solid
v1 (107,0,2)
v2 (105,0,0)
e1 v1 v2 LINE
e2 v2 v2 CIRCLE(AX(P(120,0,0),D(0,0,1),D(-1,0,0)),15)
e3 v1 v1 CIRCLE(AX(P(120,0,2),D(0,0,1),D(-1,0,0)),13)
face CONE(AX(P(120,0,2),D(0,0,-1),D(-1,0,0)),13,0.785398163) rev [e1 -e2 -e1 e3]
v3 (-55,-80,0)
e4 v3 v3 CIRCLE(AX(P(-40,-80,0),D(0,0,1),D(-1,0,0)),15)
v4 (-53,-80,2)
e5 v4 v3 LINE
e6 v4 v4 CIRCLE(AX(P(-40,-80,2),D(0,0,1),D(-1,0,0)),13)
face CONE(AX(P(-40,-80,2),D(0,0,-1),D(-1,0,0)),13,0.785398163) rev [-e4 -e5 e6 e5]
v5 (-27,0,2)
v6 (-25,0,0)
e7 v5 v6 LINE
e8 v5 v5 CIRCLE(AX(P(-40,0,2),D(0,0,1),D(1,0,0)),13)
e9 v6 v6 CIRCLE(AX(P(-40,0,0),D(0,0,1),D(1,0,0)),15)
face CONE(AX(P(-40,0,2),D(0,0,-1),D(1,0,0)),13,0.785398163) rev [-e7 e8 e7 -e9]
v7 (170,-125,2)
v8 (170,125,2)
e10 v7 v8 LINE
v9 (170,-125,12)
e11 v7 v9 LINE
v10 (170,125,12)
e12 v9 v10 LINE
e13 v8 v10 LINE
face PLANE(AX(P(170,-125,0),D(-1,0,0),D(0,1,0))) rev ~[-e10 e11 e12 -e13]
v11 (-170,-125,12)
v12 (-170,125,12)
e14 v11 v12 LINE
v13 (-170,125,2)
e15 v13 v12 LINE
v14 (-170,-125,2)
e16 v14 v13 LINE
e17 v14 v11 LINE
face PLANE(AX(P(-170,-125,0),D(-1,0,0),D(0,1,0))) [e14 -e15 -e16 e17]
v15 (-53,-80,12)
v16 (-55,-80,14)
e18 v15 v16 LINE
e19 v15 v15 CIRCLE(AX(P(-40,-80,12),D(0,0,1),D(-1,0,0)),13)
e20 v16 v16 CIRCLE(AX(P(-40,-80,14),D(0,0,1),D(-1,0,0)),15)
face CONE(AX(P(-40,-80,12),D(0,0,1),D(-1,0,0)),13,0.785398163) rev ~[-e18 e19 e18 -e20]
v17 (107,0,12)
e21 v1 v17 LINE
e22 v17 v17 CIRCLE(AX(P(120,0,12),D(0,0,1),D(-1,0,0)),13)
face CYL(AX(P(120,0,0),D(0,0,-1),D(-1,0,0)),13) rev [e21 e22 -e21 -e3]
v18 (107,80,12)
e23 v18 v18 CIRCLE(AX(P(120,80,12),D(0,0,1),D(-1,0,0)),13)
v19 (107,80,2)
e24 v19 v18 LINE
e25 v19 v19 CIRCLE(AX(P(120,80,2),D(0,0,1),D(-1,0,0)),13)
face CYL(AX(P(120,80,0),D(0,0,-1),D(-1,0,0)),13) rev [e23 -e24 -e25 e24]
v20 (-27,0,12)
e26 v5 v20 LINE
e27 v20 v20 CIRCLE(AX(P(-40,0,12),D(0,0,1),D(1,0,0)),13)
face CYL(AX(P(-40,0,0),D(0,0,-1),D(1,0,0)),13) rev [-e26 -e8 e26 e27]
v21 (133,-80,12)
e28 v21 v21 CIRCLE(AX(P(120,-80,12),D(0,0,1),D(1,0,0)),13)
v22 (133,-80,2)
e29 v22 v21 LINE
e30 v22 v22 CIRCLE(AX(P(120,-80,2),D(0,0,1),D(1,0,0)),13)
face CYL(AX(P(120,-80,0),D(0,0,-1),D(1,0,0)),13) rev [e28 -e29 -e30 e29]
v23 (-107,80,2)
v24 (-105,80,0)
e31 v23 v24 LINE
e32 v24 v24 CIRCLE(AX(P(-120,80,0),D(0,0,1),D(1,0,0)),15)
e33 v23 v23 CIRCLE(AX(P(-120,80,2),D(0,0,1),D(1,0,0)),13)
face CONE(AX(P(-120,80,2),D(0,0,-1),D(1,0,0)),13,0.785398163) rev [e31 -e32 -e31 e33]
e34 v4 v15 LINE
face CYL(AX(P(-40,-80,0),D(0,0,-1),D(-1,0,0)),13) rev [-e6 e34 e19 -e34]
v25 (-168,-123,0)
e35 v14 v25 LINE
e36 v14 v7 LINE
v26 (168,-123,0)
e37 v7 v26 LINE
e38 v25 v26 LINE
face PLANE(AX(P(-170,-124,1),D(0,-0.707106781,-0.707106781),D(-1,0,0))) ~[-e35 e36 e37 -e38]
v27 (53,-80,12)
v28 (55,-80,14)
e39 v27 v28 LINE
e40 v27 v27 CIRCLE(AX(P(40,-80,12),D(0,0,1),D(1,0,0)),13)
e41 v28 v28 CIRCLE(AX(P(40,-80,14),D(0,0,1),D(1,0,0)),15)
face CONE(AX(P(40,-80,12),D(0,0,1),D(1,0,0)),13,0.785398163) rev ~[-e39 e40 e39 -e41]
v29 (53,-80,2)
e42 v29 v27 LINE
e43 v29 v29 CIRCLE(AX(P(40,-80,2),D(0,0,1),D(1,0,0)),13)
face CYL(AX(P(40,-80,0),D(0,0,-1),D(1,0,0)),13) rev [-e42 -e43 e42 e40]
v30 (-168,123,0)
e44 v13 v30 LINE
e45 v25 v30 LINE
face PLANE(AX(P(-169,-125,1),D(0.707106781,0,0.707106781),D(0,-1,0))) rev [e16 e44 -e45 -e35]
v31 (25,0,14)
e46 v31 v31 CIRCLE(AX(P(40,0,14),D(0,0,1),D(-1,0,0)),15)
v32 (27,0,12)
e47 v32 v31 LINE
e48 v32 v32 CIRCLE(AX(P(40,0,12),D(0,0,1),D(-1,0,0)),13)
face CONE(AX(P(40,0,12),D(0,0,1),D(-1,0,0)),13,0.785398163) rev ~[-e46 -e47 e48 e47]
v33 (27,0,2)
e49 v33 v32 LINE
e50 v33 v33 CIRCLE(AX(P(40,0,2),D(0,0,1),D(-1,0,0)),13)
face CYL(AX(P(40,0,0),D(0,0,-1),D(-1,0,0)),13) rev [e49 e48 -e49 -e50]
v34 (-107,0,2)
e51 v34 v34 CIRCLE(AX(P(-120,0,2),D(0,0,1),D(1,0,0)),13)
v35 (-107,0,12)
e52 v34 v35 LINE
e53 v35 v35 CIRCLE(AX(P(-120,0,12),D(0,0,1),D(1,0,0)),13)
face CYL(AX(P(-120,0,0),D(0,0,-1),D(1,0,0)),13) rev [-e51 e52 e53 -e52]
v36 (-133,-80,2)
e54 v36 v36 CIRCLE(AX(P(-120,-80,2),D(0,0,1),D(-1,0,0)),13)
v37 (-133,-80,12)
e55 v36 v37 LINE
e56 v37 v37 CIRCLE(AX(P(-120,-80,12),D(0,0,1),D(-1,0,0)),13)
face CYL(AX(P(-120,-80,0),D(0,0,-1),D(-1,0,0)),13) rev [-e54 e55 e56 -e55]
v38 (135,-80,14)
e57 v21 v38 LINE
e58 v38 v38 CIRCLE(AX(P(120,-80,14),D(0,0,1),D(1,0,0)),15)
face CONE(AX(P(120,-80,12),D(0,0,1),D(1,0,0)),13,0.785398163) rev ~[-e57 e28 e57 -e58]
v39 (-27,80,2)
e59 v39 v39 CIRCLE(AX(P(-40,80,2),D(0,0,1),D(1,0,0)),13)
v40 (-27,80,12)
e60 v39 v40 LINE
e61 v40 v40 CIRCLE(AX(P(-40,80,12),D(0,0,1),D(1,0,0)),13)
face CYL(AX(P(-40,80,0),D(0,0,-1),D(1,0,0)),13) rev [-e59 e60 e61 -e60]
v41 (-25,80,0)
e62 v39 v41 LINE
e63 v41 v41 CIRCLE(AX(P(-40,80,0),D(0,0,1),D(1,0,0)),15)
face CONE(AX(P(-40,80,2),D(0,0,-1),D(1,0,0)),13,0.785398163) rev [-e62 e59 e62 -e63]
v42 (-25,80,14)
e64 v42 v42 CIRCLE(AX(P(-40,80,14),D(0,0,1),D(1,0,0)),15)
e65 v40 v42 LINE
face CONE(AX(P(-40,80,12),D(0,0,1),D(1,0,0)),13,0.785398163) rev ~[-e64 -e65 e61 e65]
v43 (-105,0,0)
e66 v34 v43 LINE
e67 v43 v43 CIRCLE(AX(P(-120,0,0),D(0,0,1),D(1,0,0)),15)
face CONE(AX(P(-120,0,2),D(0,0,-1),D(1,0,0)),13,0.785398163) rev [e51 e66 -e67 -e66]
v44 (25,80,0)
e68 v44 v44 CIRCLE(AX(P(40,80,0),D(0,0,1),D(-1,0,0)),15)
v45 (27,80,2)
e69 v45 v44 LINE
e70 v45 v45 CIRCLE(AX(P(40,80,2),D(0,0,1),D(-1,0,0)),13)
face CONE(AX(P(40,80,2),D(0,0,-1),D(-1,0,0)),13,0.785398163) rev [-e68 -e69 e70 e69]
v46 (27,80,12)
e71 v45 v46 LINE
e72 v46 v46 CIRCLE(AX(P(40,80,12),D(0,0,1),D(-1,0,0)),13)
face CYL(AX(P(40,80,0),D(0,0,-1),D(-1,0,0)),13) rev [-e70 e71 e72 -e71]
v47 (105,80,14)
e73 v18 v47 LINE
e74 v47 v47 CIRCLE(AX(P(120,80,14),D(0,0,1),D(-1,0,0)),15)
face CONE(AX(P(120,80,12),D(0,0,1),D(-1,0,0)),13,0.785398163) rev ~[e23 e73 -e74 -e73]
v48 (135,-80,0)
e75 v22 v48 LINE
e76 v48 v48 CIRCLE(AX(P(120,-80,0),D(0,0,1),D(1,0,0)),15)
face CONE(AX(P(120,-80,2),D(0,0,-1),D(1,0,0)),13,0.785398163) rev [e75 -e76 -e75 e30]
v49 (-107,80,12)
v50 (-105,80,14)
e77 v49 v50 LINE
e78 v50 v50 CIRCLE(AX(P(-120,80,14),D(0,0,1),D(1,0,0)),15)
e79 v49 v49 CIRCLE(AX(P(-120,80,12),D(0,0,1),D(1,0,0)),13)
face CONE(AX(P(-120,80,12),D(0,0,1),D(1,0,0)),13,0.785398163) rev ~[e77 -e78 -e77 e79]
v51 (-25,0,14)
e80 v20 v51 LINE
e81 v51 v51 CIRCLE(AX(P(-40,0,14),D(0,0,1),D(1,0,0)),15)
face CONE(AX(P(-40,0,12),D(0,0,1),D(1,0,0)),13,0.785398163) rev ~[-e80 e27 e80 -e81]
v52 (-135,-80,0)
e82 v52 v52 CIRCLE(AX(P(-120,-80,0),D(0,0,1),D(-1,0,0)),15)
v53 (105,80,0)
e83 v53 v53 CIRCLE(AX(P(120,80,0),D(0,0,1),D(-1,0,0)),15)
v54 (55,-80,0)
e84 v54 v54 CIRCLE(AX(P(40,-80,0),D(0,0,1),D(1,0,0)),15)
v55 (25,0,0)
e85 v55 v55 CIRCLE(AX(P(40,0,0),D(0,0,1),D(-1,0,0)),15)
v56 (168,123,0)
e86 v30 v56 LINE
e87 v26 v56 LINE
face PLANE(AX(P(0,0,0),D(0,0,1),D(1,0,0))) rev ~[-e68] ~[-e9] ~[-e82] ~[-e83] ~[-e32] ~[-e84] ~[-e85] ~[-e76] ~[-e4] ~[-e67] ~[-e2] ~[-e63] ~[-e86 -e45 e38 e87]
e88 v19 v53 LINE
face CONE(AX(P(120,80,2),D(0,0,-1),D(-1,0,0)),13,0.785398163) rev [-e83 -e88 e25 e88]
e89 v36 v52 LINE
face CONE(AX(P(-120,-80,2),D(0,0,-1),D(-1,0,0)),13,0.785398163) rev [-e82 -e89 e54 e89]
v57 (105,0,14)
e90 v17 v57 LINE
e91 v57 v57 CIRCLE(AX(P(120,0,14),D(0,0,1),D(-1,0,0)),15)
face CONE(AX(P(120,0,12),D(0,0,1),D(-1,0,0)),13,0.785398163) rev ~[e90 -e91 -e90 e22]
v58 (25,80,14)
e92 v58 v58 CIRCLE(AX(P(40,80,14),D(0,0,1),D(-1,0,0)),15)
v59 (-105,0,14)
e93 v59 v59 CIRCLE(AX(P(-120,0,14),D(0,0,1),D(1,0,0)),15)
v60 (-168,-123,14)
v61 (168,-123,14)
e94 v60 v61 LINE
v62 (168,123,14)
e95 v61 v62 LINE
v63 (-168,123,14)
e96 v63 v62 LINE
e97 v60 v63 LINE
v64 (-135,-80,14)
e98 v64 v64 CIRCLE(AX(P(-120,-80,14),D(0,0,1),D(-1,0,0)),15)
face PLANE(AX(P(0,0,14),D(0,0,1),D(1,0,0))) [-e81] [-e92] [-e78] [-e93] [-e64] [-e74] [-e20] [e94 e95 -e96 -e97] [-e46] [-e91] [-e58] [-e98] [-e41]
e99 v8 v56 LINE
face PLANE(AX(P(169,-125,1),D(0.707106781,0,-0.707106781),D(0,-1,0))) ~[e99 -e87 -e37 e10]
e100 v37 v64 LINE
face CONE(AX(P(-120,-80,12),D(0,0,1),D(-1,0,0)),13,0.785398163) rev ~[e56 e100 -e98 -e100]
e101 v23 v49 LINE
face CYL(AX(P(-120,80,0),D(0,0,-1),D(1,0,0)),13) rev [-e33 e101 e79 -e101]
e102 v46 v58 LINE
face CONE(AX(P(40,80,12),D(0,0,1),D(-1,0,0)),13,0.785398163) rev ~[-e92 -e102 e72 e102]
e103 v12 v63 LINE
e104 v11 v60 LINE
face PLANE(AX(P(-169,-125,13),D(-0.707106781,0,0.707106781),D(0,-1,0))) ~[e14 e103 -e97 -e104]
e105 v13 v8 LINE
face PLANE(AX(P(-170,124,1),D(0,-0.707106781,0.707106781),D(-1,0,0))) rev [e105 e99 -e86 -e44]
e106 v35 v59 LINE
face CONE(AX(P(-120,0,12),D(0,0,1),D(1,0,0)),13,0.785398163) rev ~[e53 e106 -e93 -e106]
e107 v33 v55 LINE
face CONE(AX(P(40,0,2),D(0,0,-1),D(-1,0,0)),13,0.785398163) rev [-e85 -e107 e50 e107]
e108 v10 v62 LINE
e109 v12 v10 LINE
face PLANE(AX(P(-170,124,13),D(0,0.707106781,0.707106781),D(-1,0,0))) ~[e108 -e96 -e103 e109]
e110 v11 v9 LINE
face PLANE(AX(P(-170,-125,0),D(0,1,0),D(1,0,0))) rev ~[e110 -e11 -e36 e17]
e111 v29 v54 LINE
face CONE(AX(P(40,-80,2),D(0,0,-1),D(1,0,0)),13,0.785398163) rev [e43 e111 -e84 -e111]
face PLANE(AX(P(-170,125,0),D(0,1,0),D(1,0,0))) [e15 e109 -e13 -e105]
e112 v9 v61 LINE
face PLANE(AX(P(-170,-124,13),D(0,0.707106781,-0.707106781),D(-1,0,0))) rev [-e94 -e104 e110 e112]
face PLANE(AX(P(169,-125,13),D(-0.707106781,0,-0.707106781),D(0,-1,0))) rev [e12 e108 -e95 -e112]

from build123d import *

# Parameters (mm, degrees)
SKETCH_1_W        = 340
SKETCH_1_H        = 250
SKETCH_1_R        = 13
EXTRUDE_406_DEPTH = 14
CHAMFER_1_SIZE    = 2


with BuildPart() as part:
    # 草图1 → Extrude 406 (new body)
    with BuildSketch(Plane.XY):
        Rectangle(SKETCH_1_W, SKETCH_1_H)
        with Locations((-120, 80)):
            Circle(SKETCH_1_R, mode=Mode.SUBTRACT)
        with Locations((-40, 80)):
            Circle(SKETCH_1_R, mode=Mode.SUBTRACT)
        with Locations((-40, 0)):
            Circle(SKETCH_1_R, mode=Mode.SUBTRACT)
        with Locations((-120, 0)):
            Circle(SKETCH_1_R, mode=Mode.SUBTRACT)
        with Locations(Location((-40, -80, 0), (0, 0, 180))):
            Circle(SKETCH_1_R, mode=Mode.SUBTRACT)
        with Locations(Location((-120, -80, 0), (0, 0, 180))):
            Circle(SKETCH_1_R, mode=Mode.SUBTRACT)
        with Locations((120, -80)):
            Circle(SKETCH_1_R, mode=Mode.SUBTRACT)
        with Locations((40, -80)):
            Circle(SKETCH_1_R, mode=Mode.SUBTRACT)
        with Locations(Location((120, 0, 0), (0, 0, 180))):
            Circle(SKETCH_1_R, mode=Mode.SUBTRACT)
        with Locations(Location((40, 0, 0), (0, 0, 180))):
            Circle(SKETCH_1_R, mode=Mode.SUBTRACT)
        with Locations(Location((40, 80, 0), (0, 0, 180))):
            Circle(SKETCH_1_R, mode=Mode.SUBTRACT)
        with Locations(Location((120, 80, 0), (0, 0, 180))):
            Circle(SKETCH_1_R, mode=Mode.SUBTRACT)
    extrude(amount=EXTRUDE_406_DEPTH)

    # 倒角1
    chamfer_1_edges = [part.edges().sort_by_distance(p)[0] for p in [
        (170, 0, 14),
        (-133, 80, 0),
        (-133, 80, 14),
        (0, 125, 14),
        (-53, 80, 0),
        (-53, 80, 14),
        (-53, 0, 0),
        (-53, 0, 14),
        (-133, 0, 0),
        (-133, 0, 14),
        (-27, -80, 0),
        (-27, -80, 14),
        (-107, -80, 0),
        (-107, -80, 14),
        (107, -80, 0),
        (107, -80, 14),
        (27, -80, 0),
        (27, -80, 14),
        (-170, 0, 14),
        (133, 0, 0),
        (133, 0, 14),
        (0, 125, 0),
        (53, 0, 0),
        (53, 0, 14),
        (170, 0, 0),
        (53, 80, 0),
        (53, 80, 14),
        (0, -125, 0),
        (133, 80, 0),
        (133, 80, 14),
        (-170, 0, 0),
        (0, -125, 14),
    ]]
    chamfer(chamfer_1_edges, length=CHAMFER_1_SIZE)


solid = part.part
